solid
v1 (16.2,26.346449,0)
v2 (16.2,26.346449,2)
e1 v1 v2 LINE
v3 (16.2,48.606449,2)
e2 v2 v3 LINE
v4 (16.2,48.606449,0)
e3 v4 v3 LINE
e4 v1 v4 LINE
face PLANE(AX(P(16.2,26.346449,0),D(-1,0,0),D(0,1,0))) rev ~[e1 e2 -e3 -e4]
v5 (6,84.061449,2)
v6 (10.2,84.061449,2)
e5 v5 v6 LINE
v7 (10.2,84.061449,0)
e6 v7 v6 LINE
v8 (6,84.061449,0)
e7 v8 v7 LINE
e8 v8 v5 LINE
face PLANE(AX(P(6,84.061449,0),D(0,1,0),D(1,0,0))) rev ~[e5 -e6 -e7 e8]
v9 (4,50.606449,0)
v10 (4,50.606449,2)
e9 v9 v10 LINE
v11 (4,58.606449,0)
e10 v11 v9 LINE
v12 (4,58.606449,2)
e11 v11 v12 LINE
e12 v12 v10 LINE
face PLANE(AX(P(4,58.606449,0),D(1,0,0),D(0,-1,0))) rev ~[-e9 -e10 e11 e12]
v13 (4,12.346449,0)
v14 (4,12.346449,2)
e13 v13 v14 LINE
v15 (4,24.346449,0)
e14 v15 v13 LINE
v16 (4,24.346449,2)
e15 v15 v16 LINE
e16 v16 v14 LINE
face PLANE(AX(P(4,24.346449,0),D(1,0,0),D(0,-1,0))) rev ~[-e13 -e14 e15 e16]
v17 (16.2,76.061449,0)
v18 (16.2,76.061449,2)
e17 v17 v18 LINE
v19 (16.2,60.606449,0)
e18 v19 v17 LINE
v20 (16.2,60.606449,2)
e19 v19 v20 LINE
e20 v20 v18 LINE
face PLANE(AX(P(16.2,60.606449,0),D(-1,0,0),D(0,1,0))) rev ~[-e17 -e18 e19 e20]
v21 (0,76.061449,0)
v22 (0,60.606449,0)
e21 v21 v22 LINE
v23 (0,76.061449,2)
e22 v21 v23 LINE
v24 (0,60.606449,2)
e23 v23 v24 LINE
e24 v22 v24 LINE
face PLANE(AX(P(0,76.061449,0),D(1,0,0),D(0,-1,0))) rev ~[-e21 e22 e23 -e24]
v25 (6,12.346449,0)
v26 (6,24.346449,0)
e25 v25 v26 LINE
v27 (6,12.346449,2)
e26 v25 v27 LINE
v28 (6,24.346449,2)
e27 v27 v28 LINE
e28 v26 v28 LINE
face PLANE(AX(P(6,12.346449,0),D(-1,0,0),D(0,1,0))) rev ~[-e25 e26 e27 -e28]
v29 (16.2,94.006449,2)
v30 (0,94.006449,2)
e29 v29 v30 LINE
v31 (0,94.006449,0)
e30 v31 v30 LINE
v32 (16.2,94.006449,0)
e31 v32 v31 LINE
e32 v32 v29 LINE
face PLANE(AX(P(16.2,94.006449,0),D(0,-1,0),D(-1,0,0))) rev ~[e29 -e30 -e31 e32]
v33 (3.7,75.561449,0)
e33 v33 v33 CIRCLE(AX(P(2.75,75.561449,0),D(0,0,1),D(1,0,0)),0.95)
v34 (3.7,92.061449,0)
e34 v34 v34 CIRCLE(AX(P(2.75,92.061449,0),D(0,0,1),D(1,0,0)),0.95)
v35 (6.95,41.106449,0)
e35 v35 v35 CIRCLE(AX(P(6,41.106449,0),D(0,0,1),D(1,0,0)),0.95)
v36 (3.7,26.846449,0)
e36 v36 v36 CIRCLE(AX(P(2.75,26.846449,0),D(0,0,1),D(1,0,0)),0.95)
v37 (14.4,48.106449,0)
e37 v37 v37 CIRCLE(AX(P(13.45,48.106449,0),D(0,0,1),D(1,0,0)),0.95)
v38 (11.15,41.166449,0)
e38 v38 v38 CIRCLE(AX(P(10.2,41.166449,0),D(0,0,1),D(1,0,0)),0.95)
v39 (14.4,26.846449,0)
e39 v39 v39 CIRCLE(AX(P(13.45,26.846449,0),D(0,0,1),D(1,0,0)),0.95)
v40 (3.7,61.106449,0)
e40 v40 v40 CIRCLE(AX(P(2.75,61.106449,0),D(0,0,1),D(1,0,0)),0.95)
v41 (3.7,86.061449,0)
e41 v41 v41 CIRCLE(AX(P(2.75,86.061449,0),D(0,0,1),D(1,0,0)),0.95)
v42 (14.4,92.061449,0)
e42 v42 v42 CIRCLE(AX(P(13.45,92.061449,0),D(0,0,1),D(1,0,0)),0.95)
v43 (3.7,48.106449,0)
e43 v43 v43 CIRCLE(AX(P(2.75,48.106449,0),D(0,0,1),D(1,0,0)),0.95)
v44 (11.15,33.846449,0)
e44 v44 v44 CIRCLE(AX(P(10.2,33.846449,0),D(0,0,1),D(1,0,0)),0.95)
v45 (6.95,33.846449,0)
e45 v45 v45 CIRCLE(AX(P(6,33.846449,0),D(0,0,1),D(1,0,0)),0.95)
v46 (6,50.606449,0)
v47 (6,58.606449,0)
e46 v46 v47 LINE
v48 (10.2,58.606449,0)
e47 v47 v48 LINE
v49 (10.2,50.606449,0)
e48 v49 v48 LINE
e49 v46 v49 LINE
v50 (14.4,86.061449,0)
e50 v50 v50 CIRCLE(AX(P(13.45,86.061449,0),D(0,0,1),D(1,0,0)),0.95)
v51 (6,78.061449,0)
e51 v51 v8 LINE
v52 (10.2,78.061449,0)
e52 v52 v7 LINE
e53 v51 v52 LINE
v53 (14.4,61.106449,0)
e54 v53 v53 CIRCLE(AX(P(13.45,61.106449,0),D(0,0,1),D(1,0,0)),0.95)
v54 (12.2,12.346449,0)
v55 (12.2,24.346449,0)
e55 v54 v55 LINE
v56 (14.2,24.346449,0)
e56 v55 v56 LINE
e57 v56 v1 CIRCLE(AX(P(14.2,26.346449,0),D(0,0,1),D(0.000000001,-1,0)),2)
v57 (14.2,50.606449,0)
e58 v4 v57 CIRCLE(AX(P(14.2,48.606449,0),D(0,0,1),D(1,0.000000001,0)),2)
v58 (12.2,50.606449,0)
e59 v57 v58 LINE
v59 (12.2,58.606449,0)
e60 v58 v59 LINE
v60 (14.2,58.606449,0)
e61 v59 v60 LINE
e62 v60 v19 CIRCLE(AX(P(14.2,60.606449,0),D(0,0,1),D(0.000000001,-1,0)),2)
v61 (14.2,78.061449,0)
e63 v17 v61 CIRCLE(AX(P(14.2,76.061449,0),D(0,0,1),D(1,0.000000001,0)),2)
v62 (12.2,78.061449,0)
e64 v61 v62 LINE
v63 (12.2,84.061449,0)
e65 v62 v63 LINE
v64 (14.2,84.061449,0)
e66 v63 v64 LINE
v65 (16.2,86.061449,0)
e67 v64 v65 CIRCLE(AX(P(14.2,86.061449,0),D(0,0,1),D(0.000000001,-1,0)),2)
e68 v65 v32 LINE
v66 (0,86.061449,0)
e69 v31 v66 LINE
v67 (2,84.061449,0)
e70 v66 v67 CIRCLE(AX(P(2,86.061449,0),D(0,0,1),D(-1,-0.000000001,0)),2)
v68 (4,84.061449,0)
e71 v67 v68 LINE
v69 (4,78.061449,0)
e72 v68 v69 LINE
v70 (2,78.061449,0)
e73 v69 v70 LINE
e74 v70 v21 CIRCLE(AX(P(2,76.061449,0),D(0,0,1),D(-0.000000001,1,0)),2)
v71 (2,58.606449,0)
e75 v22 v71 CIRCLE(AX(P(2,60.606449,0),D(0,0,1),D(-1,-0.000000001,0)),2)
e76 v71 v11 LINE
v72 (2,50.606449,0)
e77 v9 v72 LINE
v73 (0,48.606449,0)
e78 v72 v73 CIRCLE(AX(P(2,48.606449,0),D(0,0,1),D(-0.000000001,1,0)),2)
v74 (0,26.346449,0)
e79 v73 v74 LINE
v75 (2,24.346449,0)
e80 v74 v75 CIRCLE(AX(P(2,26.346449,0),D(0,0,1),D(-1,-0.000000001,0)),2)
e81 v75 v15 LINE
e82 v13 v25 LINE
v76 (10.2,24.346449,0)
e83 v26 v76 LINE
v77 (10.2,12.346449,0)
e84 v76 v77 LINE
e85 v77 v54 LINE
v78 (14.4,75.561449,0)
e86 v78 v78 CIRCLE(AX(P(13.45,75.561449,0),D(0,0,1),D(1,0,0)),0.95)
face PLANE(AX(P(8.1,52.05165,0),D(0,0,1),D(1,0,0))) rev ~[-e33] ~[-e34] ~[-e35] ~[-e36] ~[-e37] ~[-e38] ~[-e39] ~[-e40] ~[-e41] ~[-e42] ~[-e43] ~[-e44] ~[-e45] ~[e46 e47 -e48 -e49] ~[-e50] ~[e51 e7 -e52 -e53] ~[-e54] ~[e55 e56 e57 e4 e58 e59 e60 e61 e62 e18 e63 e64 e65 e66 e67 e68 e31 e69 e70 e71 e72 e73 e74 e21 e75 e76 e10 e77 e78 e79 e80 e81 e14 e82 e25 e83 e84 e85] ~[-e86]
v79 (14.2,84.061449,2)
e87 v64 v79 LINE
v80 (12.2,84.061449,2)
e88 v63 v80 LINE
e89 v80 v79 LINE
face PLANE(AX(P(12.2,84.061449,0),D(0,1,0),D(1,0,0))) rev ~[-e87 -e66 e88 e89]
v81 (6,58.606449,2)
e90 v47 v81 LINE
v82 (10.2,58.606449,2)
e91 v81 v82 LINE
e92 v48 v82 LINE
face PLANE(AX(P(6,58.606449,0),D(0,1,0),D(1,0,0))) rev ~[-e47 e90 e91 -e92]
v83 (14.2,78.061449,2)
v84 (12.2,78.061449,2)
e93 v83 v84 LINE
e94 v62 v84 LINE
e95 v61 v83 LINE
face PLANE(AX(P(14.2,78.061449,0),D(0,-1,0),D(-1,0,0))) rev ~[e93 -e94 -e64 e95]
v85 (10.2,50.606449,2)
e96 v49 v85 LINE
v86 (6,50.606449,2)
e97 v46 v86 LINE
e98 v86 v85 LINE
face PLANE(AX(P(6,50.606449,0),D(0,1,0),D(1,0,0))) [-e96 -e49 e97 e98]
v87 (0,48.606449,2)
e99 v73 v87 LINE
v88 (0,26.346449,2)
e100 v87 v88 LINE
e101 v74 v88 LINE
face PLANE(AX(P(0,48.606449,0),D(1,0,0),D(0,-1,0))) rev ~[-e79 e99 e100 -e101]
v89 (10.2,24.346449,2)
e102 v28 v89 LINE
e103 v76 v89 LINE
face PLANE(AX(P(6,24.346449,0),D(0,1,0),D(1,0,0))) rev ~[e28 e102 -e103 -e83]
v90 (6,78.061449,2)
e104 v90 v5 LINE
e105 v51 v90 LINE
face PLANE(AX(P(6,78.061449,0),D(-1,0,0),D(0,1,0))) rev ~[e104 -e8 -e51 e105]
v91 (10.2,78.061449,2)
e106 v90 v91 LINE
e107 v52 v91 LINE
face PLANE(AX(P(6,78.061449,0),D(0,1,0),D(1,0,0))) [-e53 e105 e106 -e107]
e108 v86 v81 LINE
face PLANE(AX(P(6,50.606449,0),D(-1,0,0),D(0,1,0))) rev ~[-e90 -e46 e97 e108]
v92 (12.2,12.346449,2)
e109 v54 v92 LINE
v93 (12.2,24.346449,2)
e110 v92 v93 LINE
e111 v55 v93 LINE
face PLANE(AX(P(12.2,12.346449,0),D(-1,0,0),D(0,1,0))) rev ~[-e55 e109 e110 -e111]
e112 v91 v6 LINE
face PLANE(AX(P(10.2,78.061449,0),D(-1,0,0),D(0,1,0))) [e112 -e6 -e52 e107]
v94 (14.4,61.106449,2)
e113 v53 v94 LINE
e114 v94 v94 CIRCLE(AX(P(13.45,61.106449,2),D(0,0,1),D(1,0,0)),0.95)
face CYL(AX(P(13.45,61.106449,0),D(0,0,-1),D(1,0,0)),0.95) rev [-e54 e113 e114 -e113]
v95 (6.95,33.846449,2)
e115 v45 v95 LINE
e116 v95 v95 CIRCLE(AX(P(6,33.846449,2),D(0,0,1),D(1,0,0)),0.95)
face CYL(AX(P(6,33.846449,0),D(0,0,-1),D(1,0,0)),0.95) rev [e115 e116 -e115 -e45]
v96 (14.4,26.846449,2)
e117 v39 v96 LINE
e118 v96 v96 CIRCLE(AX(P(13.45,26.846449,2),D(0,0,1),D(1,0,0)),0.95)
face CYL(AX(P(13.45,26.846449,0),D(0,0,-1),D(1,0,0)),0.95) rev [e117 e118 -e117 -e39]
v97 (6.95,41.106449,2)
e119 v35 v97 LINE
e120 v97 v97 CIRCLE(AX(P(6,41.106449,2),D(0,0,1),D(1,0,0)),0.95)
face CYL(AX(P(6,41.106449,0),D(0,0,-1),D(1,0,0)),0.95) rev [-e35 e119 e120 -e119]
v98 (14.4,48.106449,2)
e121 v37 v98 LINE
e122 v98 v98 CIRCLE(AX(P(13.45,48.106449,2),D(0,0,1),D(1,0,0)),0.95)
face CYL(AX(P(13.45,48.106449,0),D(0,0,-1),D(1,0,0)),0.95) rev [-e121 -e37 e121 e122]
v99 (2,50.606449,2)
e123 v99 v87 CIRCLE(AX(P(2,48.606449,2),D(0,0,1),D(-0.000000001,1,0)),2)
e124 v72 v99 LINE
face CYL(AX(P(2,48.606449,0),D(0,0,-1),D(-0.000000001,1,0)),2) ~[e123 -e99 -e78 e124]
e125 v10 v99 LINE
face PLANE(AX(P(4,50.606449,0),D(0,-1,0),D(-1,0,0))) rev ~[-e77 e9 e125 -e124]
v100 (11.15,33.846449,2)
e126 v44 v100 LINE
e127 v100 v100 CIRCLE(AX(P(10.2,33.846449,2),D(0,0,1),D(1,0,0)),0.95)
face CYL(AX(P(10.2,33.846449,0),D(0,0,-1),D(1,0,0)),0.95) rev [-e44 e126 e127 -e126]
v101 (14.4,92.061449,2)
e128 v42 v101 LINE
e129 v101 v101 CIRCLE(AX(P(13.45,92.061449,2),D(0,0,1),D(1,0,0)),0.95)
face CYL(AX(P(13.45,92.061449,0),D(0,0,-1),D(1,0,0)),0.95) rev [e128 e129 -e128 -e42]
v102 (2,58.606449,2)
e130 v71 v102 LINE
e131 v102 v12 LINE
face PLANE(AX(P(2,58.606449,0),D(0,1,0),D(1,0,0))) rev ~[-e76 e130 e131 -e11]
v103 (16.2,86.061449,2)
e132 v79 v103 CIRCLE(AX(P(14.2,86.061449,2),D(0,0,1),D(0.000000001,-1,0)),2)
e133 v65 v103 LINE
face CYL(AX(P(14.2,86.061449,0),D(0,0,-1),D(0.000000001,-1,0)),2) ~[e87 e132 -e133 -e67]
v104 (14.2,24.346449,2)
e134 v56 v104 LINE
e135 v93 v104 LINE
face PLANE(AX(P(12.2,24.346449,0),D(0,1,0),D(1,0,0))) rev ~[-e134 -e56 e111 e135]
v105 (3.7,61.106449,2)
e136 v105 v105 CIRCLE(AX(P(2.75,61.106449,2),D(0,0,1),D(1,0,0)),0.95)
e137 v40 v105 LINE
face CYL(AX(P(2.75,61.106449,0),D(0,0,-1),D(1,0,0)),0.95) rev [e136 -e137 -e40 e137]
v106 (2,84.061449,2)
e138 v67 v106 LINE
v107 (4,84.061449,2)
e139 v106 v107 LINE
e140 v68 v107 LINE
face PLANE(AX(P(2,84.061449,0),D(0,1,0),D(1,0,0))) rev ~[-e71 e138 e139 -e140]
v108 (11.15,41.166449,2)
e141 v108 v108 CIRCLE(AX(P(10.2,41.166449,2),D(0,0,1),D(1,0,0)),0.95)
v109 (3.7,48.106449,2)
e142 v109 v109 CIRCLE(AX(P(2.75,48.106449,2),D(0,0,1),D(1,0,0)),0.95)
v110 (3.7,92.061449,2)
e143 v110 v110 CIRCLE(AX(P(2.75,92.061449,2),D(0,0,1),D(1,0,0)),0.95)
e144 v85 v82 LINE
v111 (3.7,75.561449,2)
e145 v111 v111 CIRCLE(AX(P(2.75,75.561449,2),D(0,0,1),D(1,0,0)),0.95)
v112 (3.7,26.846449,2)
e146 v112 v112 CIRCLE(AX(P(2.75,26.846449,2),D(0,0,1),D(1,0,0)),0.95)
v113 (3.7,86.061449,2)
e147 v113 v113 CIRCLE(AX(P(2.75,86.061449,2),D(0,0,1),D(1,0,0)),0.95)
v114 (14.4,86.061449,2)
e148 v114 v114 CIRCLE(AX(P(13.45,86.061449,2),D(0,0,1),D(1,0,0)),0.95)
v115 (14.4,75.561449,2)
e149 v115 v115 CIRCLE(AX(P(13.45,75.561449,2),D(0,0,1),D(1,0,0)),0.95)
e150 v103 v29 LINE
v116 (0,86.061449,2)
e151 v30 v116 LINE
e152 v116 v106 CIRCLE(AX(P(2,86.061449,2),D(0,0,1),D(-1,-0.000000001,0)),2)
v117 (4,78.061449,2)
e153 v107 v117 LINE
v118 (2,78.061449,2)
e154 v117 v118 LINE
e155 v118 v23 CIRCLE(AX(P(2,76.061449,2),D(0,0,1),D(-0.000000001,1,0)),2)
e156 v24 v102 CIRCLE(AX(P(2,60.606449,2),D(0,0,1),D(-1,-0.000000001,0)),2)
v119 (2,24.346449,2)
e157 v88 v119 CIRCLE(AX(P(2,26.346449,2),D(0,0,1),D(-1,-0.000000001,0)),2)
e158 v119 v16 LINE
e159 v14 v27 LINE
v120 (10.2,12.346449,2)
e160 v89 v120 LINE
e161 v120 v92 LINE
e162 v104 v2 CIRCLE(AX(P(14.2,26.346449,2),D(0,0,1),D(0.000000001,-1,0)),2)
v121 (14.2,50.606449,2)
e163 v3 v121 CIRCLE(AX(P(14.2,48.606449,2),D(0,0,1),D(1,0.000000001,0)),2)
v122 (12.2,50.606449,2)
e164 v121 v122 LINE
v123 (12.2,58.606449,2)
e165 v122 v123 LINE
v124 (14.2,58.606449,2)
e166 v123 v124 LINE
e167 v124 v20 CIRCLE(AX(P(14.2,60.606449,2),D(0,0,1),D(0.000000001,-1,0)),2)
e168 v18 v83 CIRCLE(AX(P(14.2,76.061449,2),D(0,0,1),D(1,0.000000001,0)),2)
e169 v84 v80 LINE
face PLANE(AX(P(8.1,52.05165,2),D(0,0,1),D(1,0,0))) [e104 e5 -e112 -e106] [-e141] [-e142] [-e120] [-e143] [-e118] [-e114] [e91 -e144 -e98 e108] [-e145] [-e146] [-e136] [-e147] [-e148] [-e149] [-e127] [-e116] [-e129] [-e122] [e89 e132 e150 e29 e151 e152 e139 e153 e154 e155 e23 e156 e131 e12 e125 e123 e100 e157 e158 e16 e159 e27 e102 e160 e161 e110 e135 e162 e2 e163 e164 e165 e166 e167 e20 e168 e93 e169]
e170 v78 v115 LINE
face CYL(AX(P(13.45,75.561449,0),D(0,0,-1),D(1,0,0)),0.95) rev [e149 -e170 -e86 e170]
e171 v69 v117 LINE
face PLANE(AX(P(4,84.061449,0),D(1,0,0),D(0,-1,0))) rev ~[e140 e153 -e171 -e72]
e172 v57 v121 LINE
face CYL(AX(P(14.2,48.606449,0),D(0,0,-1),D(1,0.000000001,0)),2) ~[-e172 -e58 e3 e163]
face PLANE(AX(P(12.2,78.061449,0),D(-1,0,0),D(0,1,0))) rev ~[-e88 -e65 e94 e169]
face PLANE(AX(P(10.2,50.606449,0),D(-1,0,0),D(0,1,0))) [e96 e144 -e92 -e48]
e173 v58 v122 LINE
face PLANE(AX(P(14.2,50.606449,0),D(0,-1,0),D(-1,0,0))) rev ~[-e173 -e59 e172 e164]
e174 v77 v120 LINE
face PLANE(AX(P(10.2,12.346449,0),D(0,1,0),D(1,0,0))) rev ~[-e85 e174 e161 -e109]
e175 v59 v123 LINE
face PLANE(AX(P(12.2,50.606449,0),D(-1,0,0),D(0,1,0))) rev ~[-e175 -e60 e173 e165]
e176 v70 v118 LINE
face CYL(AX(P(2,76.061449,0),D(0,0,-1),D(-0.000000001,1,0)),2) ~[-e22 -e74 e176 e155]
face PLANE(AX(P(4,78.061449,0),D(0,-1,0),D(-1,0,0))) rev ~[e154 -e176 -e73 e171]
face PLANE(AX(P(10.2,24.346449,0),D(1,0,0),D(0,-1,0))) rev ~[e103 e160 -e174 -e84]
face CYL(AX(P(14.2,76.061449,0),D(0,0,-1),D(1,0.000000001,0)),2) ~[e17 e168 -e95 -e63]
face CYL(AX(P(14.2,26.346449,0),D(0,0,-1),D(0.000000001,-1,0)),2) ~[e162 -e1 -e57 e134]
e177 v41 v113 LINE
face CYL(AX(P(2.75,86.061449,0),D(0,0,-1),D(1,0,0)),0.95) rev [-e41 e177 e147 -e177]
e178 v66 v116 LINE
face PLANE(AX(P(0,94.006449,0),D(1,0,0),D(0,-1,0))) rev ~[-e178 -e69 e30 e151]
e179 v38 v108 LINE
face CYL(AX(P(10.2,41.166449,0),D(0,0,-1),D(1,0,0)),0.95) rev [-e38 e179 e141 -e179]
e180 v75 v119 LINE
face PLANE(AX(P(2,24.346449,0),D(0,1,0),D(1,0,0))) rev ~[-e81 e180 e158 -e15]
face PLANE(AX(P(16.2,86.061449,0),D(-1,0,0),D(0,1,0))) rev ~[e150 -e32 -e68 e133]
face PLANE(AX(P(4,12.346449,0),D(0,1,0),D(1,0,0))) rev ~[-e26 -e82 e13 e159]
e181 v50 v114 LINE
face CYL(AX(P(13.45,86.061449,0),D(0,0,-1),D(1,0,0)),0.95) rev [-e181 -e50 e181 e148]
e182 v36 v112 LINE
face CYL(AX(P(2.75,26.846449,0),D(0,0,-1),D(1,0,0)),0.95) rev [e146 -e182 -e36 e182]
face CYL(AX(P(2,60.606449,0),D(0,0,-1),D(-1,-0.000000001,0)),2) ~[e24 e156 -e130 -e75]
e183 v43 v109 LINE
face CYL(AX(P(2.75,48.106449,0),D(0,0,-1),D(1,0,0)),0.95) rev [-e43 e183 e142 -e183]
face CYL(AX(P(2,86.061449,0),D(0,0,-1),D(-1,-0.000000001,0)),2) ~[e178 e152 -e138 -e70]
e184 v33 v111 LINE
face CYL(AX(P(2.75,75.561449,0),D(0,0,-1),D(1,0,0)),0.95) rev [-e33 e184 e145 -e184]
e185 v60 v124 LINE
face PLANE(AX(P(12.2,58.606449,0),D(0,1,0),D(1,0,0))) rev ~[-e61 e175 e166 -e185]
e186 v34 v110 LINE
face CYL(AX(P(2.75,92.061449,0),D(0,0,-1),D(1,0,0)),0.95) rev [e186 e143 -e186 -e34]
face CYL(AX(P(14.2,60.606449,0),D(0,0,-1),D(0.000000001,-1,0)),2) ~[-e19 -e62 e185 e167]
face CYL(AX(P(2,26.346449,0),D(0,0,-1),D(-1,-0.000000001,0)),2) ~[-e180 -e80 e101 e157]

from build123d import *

# Parameters (mm, degrees)
SKETCH3_R           = 0.95
SKETCH3_W           = 4.2
SKETCH3_H           = 8
SKETCH3_H_2         = 6
BOSS_EXTRUDE3_DEPTH = 2


with BuildPart() as part:
    # Sketch3 → Boss-Extrude3 (new body)
    with BuildSketch(Plane.XY):
        with BuildLine():
            Line((0, 94.006448831), (0, 86.061448831))
            ThreePointArc((0, 86.061448831), (0.585786438, 84.647235269), (2, 84.061448831))
            Line((2, 84.061448831), (4, 84.061448831))
            Line((4, 84.061448831), (4, 78.061448831))
            Line((4, 78.061448831), (2, 78.061448831))
            ThreePointArc((2, 78.061448831), (0.585786438, 77.475662393), (0, 76.061448831))
            Line((0, 76.061448831), (0, 60.606448831))
            ThreePointArc((0, 60.606448831), (0.585786438, 59.192235269), (2, 58.606448831))
            Line((2, 58.606448831), (4, 58.606448831))
            Line((4, 58.606448831), (4, 50.606448831))
            Line((4, 50.606448831), (2, 50.606448831))
            ThreePointArc((2, 50.606448831), (0.585786438, 50.020662393), (0, 48.606448831))
            Line((0, 48.606448831), (0, 26.346448831))
            ThreePointArc((0, 26.346448831), (0.585786438, 24.932235269), (2, 24.346448831))
            Line((2, 24.346448831), (4, 24.346448831))
            Line((4, 24.346448831), (4, 12.346448831))
            Line((4, 12.346448831), (6, 12.346448831))
            Line((6, 12.346448831), (6, 24.346448831))
            Line((6, 24.346448831), (10.2, 24.346448831))
            Line((10.2, 24.346448831), (10.2, 12.346448831))
            Line((10.2, 12.346448831), (12.2, 12.346448831))
            Line((12.2, 12.346448831), (12.2, 24.346448831))
            Line((12.2, 24.346448831), (14.2, 24.346448831))
            ThreePointArc((14.2, 24.346448831), (15.614213562, 24.932235269), (16.2, 26.346448831))
            Line((16.2, 26.346448831), (16.2, 48.606448831))
            ThreePointArc((16.2, 48.606448831), (15.614213562, 50.020662393), (14.2, 50.606448831))
            Line((14.2, 50.606448831), (12.2, 50.606448831))
            Line((12.2, 50.606448831), (12.2, 58.606448831))
            Line((12.2, 58.606448831), (14.2, 58.606448831))
            ThreePointArc((14.2, 58.606448831), (15.614213562, 59.192235269), (16.2, 60.606448831))
            Line((16.2, 60.606448831), (16.2, 76.061448831))
            ThreePointArc((16.2, 76.061448831), (15.614213562, 77.475662393), (14.2, 78.061448831))
            Line((14.2, 78.061448831), (12.2, 78.061448831))
            Line((12.2, 78.061448831), (12.2, 84.061448831))
            Line((12.2, 84.061448831), (14.2, 84.061448831))
            ThreePointArc((14.2, 84.061448831), (15.614213562, 84.647235269), (16.2, 86.061448831))
            Line((16.2, 86.061448831), (16.2, 94.006448831))
            Line((16.2, 94.006448831), (0, 94.006448831))
        make_face()
        with Locations((6, 33.846448831)):
            Circle(SKETCH3_R, mode=Mode.SUBTRACT)
        with Locations((10.2, 33.846448831)):
            Circle(SKETCH3_R, mode=Mode.SUBTRACT)
        with Locations((2.75, 86.061448831)):
            Circle(SKETCH3_R, mode=Mode.SUBTRACT)
        with Locations((10.2, 41.166448831)):
            Circle(SKETCH3_R, mode=Mode.SUBTRACT)
        with Locations((13.45, 48.106448831)):
            Circle(SKETCH3_R, mode=Mode.SUBTRACT)
        with Locations((2.75, 92.061448831)):
            Circle(SKETCH3_R, mode=Mode.SUBTRACT)
        with Locations((13.45, 86.061448831)):
            Circle(SKETCH3_R, mode=Mode.SUBTRACT)
        with Locations((2.75, 61.106448831)):
            Circle(SKETCH3_R, mode=Mode.SUBTRACT)
        with Locations((13.45, 61.106448831)):
            Circle(SKETCH3_R, mode=Mode.SUBTRACT)
        with Locations((2.75, 75.561448831)):
            Circle(SKETCH3_R, mode=Mode.SUBTRACT)
        with Locations((13.45, 26.846448831)):
            Circle(SKETCH3_R, mode=Mode.SUBTRACT)
        with Locations((13.45, 75.561448831)):
            Circle(SKETCH3_R, mode=Mode.SUBTRACT)
        with Locations((13.45, 92.061448831)):
            Circle(SKETCH3_R, mode=Mode.SUBTRACT)
        with Locations((2.75, 26.846448831)):
            Circle(SKETCH3_R, mode=Mode.SUBTRACT)
        with Locations((6, 41.106448831)):
            Circle(SKETCH3_R, mode=Mode.SUBTRACT)
        with Locations((2.75, 48.106448831)):
            Circle(SKETCH3_R, mode=Mode.SUBTRACT)
        with Locations((8.1, 54.606448831)):
            Rectangle(SKETCH3_W, SKETCH3_H, mode=Mode.SUBTRACT)
        with Locations((8.1, 81.061448831)):
            Rectangle(SKETCH3_W, SKETCH3_H_2, mode=Mode.SUBTRACT)
    extrude(amount=BOSS_EXTRUDE3_DEPTH)


solid = part.part
